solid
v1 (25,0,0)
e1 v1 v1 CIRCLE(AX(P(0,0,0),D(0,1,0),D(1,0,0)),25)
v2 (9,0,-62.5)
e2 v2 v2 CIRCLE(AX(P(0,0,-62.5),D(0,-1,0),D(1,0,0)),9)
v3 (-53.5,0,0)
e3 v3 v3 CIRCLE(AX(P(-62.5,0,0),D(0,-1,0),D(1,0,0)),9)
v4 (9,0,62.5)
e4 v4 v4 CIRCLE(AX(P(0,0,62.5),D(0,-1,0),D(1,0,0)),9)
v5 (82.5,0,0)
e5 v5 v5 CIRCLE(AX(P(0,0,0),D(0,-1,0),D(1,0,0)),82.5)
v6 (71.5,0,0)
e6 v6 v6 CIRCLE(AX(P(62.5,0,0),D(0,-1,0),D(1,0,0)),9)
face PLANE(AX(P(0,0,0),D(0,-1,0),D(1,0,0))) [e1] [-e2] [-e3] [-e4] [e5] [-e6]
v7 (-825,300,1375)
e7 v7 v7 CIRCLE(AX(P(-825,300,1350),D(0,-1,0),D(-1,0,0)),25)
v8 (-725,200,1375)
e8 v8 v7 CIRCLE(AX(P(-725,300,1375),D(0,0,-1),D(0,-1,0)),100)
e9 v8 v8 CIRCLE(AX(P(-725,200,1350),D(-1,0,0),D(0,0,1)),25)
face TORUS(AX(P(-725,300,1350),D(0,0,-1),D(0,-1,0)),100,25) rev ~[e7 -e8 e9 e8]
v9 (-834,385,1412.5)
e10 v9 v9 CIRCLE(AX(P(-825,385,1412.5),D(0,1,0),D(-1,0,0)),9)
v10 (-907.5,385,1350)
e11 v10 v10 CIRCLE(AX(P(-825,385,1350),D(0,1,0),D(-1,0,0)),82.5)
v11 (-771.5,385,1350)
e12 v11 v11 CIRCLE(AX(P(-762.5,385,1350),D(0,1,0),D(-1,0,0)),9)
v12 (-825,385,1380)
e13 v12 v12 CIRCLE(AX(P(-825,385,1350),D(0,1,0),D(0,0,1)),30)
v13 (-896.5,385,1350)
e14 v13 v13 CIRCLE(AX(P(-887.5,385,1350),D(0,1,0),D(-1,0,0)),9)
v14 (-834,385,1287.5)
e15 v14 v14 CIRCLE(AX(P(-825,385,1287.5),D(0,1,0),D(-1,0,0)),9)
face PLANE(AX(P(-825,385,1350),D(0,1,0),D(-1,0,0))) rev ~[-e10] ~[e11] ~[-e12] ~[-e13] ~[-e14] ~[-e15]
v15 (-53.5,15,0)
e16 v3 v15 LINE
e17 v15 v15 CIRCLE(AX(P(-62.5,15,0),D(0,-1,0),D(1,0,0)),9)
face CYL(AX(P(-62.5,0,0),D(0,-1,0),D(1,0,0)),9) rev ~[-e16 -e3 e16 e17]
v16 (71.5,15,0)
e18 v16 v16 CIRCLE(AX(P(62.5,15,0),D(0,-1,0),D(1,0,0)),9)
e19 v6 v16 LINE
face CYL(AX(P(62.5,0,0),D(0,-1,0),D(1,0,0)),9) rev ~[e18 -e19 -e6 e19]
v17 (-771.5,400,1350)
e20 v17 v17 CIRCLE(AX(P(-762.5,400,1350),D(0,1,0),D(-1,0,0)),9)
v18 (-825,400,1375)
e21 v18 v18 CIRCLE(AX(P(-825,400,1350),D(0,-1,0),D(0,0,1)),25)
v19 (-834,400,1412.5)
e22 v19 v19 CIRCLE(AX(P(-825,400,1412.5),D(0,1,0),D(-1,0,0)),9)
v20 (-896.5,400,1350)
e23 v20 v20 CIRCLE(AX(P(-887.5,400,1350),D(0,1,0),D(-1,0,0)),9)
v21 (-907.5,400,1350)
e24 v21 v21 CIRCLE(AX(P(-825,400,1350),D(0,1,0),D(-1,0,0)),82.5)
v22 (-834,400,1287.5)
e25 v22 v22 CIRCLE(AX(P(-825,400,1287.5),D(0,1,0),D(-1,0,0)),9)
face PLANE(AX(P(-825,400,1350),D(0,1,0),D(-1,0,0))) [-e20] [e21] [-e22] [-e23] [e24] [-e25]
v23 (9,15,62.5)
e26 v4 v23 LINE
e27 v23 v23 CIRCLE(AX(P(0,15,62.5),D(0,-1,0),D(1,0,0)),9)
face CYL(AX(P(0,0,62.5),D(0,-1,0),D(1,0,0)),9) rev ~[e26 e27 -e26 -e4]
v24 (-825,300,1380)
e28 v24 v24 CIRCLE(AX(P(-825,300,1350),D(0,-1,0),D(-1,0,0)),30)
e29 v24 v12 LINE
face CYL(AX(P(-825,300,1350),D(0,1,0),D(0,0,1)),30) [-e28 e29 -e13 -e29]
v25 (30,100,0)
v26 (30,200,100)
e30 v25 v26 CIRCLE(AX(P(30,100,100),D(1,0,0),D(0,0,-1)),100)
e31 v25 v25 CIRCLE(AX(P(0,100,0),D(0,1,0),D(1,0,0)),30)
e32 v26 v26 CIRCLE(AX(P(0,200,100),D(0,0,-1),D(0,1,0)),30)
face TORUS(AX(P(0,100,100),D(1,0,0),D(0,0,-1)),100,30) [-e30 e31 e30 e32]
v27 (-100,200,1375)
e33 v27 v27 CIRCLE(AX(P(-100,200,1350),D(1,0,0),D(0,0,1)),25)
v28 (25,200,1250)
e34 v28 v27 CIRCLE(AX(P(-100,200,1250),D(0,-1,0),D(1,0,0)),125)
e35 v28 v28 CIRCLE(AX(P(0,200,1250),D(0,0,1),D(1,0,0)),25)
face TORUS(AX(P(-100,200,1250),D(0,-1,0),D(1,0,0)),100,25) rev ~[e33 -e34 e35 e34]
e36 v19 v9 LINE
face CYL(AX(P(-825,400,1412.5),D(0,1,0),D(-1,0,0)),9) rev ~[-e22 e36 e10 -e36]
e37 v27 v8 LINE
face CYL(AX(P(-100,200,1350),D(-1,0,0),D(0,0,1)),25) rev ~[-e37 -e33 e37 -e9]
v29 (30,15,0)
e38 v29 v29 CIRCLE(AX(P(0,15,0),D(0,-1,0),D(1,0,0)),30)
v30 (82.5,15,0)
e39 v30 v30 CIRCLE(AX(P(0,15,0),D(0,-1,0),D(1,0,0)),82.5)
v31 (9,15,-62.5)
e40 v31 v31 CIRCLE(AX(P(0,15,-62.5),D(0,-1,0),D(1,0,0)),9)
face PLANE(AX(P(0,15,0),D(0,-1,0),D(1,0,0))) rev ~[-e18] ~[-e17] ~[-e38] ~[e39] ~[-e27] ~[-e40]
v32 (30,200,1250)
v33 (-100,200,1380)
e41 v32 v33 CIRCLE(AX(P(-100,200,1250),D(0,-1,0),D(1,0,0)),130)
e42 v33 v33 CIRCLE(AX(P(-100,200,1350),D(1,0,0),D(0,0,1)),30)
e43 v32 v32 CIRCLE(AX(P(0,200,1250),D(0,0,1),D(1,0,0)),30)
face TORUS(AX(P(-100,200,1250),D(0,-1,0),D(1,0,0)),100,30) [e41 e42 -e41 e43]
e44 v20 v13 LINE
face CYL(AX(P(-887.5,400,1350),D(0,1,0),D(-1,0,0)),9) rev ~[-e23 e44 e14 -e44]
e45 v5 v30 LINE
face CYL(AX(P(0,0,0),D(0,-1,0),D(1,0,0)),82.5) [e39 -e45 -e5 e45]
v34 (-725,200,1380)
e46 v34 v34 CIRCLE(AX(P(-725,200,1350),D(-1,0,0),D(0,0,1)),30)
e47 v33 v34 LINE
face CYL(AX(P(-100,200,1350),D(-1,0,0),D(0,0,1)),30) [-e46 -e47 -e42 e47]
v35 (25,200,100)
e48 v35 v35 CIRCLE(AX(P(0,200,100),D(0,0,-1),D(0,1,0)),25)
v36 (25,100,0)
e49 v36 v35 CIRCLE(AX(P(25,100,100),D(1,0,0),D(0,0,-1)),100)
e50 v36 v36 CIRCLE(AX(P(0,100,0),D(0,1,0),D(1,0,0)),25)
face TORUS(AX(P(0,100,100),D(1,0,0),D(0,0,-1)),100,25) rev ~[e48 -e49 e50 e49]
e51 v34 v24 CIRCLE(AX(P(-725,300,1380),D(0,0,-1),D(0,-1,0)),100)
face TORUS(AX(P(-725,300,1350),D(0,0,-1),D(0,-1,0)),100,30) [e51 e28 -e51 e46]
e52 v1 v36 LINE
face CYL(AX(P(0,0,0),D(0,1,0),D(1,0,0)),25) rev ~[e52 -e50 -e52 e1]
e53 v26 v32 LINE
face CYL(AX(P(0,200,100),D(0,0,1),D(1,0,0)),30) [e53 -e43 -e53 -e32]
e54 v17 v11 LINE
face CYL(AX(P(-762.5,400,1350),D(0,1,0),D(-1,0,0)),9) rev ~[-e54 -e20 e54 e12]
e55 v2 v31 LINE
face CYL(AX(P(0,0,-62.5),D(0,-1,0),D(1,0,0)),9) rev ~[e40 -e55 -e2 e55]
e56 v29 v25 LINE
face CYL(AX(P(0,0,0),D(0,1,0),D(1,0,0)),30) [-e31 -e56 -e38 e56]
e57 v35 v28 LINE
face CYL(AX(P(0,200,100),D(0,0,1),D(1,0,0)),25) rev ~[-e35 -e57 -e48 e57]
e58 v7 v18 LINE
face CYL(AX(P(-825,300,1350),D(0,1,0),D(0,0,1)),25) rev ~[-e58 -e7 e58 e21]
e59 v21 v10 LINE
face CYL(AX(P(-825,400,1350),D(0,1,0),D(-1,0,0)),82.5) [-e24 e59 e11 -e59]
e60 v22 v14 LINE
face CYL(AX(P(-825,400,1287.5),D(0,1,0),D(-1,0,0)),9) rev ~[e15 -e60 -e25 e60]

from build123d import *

# Parameters (mm, degrees)
F3_R      = 30
F3_R_2    = 25
F7_R      = 82.5
F7_R_2    = 9
F7_R_3    = 30
F8_DEPTH  = 15
F9_R      = 82.5
F9_R_2    = 9
F9_R_3    = 25
F10_DEPTH = 15


with BuildPart() as f6:
    # F6: sweep along a path in F1, F4, F5
    with BuildLine(Plane.YZ) as f6_path:
        Line((0, 0), (100, 0))
        ThreePointArc((100, 0), (170.7106781187, 29.2893218813), (200, 100))
        Line((200, 100), (200, 1250))
    with BuildLine(Plane.XZ.offset(-200)) as f6_path_2:
        ThreePointArc((0, 1250), (-29.2893218813, 1320.7106781187), (-100, 1350))
    with BuildLine(Plane.XY.offset(1350)) as f6_path_3:
        Line((-100, 200), (-725, 200))
        ThreePointArc((-725, 200), (-795.7106781187, 229.2893218813), (-825, 300))
        Line((-825, 300), (-825, 400))
    # F3 (on Front) → F6 (sweep)
    with BuildSketch(Plane.XZ):
        Circle(F3_R)
        Circle(F3_R_2, mode=Mode.SUBTRACT)
    sweep(path=f6_path.line + f6_path_2.line + f6_path_3.line)

    # F7 (on face) → F8 (join)
    with BuildSketch(Plane.XZ):
        Circle(F7_R)
        with Locations((0, -62.5)):
            Circle(F7_R_2, mode=Mode.SUBTRACT)
        with Locations((-62.5, 0)):
            Circle(F7_R_2, mode=Mode.SUBTRACT)
        Circle(F7_R_3, mode=Mode.SUBTRACT)
        with Locations((62.5, 0)):
            Circle(F7_R_2, mode=Mode.SUBTRACT)
        with Locations((0, 62.5)):
            Circle(F7_R_2, mode=Mode.SUBTRACT)
    extrude(amount=-F8_DEPTH)

    # F9 (on face) → F10 (join)
    with BuildSketch(Plane(origin=(0, 400, 0), x_dir=(-1, 0, 0), z_dir=(0, 1, 0))):
        with Locations((825, 1350)):
            Circle(F9_R)
        with Locations((825, 1287.5)):
            Circle(F9_R_2, mode=Mode.SUBTRACT)
        with Locations((762.5, 1350)):
            Circle(F9_R_2, mode=Mode.SUBTRACT)
        with Locations((825, 1350)):
            Circle(F9_R_3, mode=Mode.SUBTRACT)
        with Locations((887.5, 1350)):
            Circle(F9_R_2, mode=Mode.SUBTRACT)
        with Locations((825, 1412.5)):
            Circle(F9_R_2, mode=Mode.SUBTRACT)
    extrude(amount=-F10_DEPTH)


solid = f6.part
